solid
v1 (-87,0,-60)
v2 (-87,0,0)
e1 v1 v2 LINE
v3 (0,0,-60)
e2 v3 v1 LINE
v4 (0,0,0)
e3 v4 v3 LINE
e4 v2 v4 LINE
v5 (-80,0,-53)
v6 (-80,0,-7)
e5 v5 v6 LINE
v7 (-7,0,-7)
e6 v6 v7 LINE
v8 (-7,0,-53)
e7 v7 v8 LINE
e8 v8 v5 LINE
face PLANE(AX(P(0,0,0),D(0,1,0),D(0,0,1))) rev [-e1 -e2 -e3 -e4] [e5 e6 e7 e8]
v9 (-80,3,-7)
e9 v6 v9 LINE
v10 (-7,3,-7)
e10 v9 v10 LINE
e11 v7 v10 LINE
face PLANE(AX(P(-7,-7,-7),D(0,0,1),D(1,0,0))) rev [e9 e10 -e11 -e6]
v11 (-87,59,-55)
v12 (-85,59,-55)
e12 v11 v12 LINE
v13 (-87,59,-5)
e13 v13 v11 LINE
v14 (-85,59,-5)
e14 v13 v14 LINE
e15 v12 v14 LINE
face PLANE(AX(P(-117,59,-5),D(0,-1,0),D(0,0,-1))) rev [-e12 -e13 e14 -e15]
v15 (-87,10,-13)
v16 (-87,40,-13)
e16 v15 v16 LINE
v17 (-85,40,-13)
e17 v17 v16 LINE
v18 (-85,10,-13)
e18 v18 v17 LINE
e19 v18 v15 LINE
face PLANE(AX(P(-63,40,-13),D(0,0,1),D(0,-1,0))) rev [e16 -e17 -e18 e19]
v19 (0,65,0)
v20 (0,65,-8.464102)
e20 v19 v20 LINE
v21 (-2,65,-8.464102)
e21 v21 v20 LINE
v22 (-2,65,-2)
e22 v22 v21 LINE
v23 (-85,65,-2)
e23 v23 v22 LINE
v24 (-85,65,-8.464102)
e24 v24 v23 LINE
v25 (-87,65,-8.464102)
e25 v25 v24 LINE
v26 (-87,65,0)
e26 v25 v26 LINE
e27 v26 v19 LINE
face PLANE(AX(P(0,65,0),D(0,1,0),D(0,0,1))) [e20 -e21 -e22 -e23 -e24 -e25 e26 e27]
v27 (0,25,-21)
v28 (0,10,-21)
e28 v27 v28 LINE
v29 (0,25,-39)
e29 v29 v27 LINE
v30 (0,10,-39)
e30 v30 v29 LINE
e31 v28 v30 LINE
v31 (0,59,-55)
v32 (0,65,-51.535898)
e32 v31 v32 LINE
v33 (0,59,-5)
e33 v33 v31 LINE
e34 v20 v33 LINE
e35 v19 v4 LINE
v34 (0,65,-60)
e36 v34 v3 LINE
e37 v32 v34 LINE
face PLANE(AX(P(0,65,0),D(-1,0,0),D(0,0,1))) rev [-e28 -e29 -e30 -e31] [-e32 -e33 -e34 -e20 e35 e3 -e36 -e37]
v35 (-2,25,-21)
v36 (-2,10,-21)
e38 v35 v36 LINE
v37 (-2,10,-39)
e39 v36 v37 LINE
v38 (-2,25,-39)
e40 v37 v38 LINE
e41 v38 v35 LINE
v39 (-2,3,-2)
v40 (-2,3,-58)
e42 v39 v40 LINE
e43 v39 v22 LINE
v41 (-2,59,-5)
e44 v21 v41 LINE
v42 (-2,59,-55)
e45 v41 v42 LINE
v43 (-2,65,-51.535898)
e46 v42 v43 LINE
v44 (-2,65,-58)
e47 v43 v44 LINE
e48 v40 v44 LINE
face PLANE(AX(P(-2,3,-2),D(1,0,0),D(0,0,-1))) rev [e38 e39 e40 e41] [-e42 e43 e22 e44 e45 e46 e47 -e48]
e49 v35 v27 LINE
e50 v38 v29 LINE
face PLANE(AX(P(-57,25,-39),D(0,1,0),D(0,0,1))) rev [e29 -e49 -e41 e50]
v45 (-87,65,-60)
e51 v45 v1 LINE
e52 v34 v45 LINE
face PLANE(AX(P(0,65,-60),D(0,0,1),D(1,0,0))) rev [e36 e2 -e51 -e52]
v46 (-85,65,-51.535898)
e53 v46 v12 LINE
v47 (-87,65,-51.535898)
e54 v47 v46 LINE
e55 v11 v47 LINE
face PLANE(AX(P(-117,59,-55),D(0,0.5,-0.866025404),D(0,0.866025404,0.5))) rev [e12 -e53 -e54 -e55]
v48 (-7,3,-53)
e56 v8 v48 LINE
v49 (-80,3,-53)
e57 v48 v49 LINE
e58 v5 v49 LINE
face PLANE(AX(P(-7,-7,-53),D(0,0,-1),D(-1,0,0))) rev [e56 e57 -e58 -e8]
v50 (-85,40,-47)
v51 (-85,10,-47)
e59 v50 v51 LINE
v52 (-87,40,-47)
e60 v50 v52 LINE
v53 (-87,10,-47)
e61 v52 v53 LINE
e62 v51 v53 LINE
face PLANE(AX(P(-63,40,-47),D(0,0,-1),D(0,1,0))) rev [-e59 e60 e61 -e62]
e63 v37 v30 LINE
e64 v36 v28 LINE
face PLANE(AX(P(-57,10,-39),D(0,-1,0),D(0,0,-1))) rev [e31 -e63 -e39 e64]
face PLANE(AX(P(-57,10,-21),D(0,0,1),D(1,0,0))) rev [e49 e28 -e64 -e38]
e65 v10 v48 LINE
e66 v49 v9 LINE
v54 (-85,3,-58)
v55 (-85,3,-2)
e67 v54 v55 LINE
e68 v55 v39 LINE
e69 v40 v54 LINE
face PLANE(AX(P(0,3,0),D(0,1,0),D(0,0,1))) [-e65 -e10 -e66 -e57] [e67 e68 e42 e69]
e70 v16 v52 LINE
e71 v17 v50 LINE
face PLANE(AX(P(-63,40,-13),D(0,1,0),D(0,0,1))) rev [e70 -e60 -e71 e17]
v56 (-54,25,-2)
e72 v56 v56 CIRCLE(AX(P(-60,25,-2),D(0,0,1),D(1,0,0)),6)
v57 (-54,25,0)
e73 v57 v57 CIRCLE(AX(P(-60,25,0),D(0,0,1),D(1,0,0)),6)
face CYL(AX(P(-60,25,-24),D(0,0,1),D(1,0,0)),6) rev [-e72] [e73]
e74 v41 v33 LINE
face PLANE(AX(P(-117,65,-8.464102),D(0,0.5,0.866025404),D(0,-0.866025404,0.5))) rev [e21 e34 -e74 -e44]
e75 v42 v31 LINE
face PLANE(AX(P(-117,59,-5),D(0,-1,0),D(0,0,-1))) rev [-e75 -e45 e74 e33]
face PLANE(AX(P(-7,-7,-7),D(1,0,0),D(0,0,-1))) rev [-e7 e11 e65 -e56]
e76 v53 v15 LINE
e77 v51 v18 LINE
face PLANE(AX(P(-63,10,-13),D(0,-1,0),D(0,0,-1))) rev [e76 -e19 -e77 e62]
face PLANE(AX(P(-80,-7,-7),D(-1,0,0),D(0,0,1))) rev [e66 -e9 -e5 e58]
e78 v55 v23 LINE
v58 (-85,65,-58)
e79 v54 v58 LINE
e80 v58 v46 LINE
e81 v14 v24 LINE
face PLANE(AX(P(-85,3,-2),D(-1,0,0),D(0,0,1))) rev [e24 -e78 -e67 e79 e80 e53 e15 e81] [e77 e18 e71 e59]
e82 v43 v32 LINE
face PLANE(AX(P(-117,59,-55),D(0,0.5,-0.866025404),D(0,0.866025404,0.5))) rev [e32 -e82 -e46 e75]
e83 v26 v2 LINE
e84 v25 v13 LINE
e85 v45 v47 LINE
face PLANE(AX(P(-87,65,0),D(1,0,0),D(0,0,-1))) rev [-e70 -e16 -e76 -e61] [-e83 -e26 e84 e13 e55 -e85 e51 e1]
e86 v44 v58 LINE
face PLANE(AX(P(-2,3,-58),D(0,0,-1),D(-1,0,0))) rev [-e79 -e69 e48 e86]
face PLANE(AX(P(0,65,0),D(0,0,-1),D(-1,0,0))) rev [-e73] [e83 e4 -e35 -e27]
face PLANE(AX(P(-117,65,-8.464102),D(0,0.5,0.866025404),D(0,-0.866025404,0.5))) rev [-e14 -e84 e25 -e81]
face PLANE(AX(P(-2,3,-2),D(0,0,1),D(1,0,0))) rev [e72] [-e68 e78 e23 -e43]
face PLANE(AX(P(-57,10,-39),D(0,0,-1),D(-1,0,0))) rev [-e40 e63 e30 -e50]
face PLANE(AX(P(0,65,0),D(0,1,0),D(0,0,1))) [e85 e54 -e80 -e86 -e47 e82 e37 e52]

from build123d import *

# Parameters (mm, degrees)
SKETCH1_W           = 87
SKETCH1_H           = 60
BOSS_EXTRUDE1_DEPTH = 65
SKETCH2_W           = 83
SKETCH2_H           = 56
CUT_EXTRUDE1_DEPTH  = 62
SKETCH3_W           = 18
SKETCH3_H           = 15
CUT_EXTRUDE2_DEPTH  = 57
SKETCH4_R           = 6
CUT_EXTRUDE3_DEPTH  = 24
SKETCH5_W           = 34
SKETCH5_H           = 30
CUT_EXTRUDE4_DEPTH  = 24
CUT_EXTRUDE5_DEPTH  = 117
SKETCH7_W           = 73
SKETCH7_H           = 46
CUT_EXTRUDE6_DEPTH  = 10


with BuildPart() as part:
    # Sketch1 → Boss-Extrude1 (new body)
    with BuildSketch(Plane(origin=(0, 0, 0), x_dir=(1, 0, 0), z_dir=(0, 1, 0))):
        with Locations((-43.5, 30)):
            Rectangle(SKETCH1_W, SKETCH1_H)
    extrude(amount=BOSS_EXTRUDE1_DEPTH)

    # Sketch2 → Cut-Extrude1 (cut)
    with BuildSketch(Plane(origin=(0, 65, 0), x_dir=(1, 0, 0), z_dir=(0, 1, 0))):
        with Locations((-43.5, 30)):
            Rectangle(SKETCH2_W, SKETCH2_H)
    extrude(amount=-CUT_EXTRUDE1_DEPTH, mode=Mode.SUBTRACT)

    # Sketch3 → Cut-Extrude2 (cut)
    with BuildSketch(Plane(origin=(0, 0, 0), x_dir=(0, 0, -1), z_dir=(1, 0, 0))):
        with Locations((30, 17.5)):
            Rectangle(SKETCH3_W, SKETCH3_H)
    extrude(amount=-CUT_EXTRUDE2_DEPTH, mode=Mode.SUBTRACT)

    # Sketch4 → Cut-Extrude3 (cut)
    with BuildSketch(Plane.XY):
        with Locations((-60, 25)):
            Circle(SKETCH4_R)
    extrude(amount=-CUT_EXTRUDE3_DEPTH, mode=Mode.SUBTRACT)

    # Sketch5 → Cut-Extrude4 (cut)
    with BuildSketch(Plane.ZY.offset(87)):
        with Locations((-30, 25)):
            Rectangle(SKETCH5_W, SKETCH5_H)
    extrude(amount=-CUT_EXTRUDE4_DEPTH, mode=Mode.SUBTRACT)

    # Sketch6 → Cut-Extrude5 (cut)
    with BuildSketch(Plane(origin=(0, 0, 0), x_dir=(0, 0, -1), z_dir=(1, 0, 0))):
        Polygon((8.464101615, 65), (5, 59), (55, 59), (51.535898385, 65), align=None)
    extrude(amount=-CUT_EXTRUDE5_DEPTH, mode=Mode.SUBTRACT)

    # Sketch7 → Cut-Extrude6 (cut)
    with BuildSketch(Plane(origin=(0, 3, 0), x_dir=(1, 0, 0), z_dir=(0, 1, 0))):
        with Locations((-43.5, 30)):
            Rectangle(SKETCH7_W, SKETCH7_H)
    extrude(amount=-CUT_EXTRUDE6_DEPTH, mode=Mode.SUBTRACT)


solid = part.part
